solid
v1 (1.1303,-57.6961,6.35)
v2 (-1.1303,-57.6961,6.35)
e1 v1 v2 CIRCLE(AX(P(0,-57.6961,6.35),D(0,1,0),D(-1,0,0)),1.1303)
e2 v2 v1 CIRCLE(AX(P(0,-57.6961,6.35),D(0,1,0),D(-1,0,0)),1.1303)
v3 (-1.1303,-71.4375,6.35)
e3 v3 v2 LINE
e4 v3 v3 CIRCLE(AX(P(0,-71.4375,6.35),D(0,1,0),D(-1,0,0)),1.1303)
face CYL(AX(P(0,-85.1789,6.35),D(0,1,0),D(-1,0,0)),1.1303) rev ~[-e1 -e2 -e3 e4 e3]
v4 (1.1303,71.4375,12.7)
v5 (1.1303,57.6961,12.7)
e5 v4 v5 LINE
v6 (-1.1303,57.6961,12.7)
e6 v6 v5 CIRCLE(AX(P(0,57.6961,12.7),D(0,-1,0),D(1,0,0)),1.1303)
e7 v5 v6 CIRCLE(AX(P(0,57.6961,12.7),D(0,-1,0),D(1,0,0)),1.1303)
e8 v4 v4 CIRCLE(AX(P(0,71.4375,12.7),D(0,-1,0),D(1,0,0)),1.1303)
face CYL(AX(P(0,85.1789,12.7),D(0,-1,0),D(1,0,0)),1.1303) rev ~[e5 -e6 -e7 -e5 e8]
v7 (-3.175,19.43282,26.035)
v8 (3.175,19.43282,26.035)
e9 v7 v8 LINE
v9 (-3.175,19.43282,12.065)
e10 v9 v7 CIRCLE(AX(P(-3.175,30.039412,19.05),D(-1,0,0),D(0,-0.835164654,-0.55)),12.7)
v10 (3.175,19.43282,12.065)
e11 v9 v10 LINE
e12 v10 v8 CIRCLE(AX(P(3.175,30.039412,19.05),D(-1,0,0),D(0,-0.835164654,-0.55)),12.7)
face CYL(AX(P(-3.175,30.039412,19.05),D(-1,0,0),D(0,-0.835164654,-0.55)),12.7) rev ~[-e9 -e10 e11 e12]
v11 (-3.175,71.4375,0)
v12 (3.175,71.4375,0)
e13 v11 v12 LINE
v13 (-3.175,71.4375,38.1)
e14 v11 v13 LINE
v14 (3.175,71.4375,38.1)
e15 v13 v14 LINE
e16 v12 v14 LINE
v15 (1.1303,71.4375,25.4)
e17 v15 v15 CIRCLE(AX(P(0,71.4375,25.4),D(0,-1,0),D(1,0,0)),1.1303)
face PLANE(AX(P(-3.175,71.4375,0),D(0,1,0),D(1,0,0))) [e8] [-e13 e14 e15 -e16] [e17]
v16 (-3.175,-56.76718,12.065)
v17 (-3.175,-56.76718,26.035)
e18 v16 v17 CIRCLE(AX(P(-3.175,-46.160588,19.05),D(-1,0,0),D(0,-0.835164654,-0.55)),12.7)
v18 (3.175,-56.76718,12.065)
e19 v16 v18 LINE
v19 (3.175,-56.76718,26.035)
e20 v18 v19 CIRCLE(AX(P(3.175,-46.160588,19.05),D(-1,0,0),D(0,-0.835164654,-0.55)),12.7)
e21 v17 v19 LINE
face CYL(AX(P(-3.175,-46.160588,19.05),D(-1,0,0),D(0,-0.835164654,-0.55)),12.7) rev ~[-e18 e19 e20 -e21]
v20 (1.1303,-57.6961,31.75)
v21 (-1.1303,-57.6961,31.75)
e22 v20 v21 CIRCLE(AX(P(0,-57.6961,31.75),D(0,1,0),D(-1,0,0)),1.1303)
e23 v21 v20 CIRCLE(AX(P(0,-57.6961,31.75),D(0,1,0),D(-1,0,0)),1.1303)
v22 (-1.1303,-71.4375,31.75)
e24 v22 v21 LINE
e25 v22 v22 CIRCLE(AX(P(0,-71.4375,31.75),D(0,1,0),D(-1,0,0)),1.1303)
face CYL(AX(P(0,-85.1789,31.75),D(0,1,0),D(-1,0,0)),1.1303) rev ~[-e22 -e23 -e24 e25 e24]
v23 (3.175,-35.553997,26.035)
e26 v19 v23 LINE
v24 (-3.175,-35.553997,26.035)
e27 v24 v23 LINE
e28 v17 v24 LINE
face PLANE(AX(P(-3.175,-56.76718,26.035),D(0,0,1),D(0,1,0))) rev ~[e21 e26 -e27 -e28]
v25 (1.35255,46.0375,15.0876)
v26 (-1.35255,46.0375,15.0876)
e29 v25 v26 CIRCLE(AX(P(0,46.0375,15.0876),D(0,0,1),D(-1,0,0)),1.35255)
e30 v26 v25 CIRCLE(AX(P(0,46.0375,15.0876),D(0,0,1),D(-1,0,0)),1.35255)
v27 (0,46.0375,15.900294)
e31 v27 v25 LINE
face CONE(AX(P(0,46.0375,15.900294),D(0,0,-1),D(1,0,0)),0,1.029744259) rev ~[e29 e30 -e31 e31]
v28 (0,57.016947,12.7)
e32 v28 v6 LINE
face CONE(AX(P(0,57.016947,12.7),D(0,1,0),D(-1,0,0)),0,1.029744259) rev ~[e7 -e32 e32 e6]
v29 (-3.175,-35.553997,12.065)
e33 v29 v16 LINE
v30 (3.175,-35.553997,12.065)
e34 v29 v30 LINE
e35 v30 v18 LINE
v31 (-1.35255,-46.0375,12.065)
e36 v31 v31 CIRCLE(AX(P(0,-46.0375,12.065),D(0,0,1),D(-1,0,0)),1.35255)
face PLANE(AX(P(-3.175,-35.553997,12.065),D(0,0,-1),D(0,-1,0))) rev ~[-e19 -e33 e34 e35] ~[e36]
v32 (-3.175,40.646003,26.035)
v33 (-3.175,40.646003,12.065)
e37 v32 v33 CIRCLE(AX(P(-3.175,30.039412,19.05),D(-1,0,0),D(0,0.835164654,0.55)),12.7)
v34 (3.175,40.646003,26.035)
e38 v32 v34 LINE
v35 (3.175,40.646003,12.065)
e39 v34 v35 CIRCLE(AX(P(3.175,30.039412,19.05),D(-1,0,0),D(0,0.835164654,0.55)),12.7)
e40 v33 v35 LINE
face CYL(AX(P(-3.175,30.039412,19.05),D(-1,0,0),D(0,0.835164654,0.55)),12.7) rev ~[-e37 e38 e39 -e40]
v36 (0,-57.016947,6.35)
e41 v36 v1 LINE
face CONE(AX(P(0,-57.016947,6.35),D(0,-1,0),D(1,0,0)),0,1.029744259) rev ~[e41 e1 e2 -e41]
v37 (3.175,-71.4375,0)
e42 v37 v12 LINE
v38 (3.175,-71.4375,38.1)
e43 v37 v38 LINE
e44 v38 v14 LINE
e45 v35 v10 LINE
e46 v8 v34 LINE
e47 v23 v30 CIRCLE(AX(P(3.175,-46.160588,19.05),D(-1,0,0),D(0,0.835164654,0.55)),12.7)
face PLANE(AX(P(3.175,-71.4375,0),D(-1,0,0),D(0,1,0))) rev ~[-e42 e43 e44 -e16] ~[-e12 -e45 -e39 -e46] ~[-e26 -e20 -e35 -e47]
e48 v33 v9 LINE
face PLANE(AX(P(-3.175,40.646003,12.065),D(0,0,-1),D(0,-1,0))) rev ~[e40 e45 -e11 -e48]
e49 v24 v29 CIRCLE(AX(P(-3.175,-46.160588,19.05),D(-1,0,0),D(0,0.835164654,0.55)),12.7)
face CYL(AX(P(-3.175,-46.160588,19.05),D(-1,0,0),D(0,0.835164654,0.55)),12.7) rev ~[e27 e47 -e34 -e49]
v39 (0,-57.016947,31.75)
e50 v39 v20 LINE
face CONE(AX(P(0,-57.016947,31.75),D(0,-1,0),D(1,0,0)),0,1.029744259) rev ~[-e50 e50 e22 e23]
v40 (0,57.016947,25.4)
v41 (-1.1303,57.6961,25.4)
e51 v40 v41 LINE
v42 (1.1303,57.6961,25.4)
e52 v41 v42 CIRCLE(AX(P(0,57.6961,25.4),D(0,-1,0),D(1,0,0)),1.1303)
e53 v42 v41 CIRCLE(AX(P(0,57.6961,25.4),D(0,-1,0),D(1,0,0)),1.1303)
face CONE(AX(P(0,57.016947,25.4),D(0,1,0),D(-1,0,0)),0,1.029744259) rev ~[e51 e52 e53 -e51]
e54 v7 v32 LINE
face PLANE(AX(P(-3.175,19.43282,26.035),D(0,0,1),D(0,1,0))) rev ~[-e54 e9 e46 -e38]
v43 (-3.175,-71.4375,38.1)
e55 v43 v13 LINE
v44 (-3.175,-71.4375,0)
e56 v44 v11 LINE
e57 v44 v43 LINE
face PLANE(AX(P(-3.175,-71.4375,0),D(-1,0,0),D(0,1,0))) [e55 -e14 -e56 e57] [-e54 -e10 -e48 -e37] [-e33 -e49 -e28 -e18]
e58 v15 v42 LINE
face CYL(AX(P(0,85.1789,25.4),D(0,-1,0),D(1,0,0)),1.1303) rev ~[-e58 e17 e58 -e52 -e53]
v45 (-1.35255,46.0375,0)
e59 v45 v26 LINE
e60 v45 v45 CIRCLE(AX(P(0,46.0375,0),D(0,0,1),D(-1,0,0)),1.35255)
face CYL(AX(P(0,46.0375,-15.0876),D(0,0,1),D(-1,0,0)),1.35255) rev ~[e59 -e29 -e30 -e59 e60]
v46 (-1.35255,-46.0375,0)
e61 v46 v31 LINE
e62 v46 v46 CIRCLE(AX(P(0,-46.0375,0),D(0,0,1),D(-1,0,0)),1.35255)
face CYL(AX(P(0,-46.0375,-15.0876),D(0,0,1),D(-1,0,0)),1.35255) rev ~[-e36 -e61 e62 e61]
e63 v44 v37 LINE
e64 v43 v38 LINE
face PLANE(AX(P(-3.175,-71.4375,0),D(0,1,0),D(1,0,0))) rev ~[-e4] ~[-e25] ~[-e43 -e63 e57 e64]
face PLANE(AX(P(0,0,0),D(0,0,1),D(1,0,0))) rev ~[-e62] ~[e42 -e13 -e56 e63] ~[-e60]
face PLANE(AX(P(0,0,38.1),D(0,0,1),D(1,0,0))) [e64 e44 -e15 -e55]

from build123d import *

# Parameters (mm, degrees)
F0_W           = 6.35
F0_H           = 142.875
F1_DEPTH       = 38.1
F3_D           = 2.7051
F3_DEPTH       = 15.0876
F3_TIP         = 0.8126940303
F6_D           = 2.2606
F6_DEPTH       = 13.7414
F6_TIP         = 0.6791527577
F6_ON_F4_D     = 2.2606
F6_ON_F4_DEPTH = 13.7414
F6_ON_F4_TIP   = 0.6791527577
F8_DEPTH       = 25.4


with BuildPart() as f1:
    # F0 (on Top) → F1 (new body)
    with BuildSketch(Plane.XY):
        Rectangle(F0_W, F0_H)
    extrude(amount=F1_DEPTH)

    # F3
    with Locations(Plane(origin=(0, 0, 0), x_dir=(1, 0, 0), z_dir=(0, 0, -1))):
        with Locations((0, 46.0375), (0, -46.0375)):
            Hole(F3_D / 2, depth=F3_DEPTH)
            with Locations((0, 0, -(F3_DEPTH + F3_TIP / 2))):  # 118° drill point
                Cone(0, F3_D / 2, F3_TIP, mode=Mode.SUBTRACT)

    # F6
    with Locations(Plane.XZ.offset(71.4375)):
        with Locations((0, 31.75), (0, 6.35)):
            Hole(F6_D / 2, depth=F6_DEPTH)
            with Locations((0, 0, -(F6_DEPTH + F6_TIP / 2))):  # 118° drill point
                Cone(0, F6_D / 2, F6_TIP, mode=Mode.SUBTRACT)

    # F6 on F4
    with Locations(Plane(origin=(0, 71.4375, 0), x_dir=(-1, 0, 0), z_dir=(0, 1, 0))):
        with Locations((0, 25.4), (0, 12.7)):
            Hole(F6_ON_F4_D / 2, depth=F6_ON_F4_DEPTH)
            with Locations((0, 0, -(F6_ON_F4_DEPTH + F6_ON_F4_TIP / 2))):  # 118° drill point
                Cone(0, F6_ON_F4_D / 2, F6_ON_F4_TIP, mode=Mode.SUBTRACT)

    # F7 (on face) → F8 (cut)
    with BuildSketch(Plane(origin=(-3.175, 0, 0), x_dir=(0, -1, 0), z_dir=(-1, 0, 0))):
        with BuildLine():
            Line((-19.4328204888, 26.035), (-40.6460027112, 26.035))
            ThreePointArc((-40.6460027112, 26.035), (-42.7394116, 19.05), (-40.6460027112, 12.065))
            Line((-40.6460027112, 12.065), (-19.4328204888, 12.065))
            ThreePointArc((-19.4328204888, 12.065), (-17.3394116, 19.05), (-19.4328204888, 26.035))
        make_face()
        with BuildLine():
            Line((35.5539972888, 12.065), (56.7671795112, 12.065))
            ThreePointArc((56.7671795112, 12.065), (58.8605884, 19.05), (56.7671795112, 26.035))
            Line((56.7671795112, 26.035), (35.5539972888, 26.035))
            ThreePointArc((35.5539972888, 26.035), (33.4605884, 19.05), (35.5539972888, 12.065))
        make_face()
    extrude(amount=-F8_DEPTH, mode=Mode.SUBTRACT)


solid = f1.part
